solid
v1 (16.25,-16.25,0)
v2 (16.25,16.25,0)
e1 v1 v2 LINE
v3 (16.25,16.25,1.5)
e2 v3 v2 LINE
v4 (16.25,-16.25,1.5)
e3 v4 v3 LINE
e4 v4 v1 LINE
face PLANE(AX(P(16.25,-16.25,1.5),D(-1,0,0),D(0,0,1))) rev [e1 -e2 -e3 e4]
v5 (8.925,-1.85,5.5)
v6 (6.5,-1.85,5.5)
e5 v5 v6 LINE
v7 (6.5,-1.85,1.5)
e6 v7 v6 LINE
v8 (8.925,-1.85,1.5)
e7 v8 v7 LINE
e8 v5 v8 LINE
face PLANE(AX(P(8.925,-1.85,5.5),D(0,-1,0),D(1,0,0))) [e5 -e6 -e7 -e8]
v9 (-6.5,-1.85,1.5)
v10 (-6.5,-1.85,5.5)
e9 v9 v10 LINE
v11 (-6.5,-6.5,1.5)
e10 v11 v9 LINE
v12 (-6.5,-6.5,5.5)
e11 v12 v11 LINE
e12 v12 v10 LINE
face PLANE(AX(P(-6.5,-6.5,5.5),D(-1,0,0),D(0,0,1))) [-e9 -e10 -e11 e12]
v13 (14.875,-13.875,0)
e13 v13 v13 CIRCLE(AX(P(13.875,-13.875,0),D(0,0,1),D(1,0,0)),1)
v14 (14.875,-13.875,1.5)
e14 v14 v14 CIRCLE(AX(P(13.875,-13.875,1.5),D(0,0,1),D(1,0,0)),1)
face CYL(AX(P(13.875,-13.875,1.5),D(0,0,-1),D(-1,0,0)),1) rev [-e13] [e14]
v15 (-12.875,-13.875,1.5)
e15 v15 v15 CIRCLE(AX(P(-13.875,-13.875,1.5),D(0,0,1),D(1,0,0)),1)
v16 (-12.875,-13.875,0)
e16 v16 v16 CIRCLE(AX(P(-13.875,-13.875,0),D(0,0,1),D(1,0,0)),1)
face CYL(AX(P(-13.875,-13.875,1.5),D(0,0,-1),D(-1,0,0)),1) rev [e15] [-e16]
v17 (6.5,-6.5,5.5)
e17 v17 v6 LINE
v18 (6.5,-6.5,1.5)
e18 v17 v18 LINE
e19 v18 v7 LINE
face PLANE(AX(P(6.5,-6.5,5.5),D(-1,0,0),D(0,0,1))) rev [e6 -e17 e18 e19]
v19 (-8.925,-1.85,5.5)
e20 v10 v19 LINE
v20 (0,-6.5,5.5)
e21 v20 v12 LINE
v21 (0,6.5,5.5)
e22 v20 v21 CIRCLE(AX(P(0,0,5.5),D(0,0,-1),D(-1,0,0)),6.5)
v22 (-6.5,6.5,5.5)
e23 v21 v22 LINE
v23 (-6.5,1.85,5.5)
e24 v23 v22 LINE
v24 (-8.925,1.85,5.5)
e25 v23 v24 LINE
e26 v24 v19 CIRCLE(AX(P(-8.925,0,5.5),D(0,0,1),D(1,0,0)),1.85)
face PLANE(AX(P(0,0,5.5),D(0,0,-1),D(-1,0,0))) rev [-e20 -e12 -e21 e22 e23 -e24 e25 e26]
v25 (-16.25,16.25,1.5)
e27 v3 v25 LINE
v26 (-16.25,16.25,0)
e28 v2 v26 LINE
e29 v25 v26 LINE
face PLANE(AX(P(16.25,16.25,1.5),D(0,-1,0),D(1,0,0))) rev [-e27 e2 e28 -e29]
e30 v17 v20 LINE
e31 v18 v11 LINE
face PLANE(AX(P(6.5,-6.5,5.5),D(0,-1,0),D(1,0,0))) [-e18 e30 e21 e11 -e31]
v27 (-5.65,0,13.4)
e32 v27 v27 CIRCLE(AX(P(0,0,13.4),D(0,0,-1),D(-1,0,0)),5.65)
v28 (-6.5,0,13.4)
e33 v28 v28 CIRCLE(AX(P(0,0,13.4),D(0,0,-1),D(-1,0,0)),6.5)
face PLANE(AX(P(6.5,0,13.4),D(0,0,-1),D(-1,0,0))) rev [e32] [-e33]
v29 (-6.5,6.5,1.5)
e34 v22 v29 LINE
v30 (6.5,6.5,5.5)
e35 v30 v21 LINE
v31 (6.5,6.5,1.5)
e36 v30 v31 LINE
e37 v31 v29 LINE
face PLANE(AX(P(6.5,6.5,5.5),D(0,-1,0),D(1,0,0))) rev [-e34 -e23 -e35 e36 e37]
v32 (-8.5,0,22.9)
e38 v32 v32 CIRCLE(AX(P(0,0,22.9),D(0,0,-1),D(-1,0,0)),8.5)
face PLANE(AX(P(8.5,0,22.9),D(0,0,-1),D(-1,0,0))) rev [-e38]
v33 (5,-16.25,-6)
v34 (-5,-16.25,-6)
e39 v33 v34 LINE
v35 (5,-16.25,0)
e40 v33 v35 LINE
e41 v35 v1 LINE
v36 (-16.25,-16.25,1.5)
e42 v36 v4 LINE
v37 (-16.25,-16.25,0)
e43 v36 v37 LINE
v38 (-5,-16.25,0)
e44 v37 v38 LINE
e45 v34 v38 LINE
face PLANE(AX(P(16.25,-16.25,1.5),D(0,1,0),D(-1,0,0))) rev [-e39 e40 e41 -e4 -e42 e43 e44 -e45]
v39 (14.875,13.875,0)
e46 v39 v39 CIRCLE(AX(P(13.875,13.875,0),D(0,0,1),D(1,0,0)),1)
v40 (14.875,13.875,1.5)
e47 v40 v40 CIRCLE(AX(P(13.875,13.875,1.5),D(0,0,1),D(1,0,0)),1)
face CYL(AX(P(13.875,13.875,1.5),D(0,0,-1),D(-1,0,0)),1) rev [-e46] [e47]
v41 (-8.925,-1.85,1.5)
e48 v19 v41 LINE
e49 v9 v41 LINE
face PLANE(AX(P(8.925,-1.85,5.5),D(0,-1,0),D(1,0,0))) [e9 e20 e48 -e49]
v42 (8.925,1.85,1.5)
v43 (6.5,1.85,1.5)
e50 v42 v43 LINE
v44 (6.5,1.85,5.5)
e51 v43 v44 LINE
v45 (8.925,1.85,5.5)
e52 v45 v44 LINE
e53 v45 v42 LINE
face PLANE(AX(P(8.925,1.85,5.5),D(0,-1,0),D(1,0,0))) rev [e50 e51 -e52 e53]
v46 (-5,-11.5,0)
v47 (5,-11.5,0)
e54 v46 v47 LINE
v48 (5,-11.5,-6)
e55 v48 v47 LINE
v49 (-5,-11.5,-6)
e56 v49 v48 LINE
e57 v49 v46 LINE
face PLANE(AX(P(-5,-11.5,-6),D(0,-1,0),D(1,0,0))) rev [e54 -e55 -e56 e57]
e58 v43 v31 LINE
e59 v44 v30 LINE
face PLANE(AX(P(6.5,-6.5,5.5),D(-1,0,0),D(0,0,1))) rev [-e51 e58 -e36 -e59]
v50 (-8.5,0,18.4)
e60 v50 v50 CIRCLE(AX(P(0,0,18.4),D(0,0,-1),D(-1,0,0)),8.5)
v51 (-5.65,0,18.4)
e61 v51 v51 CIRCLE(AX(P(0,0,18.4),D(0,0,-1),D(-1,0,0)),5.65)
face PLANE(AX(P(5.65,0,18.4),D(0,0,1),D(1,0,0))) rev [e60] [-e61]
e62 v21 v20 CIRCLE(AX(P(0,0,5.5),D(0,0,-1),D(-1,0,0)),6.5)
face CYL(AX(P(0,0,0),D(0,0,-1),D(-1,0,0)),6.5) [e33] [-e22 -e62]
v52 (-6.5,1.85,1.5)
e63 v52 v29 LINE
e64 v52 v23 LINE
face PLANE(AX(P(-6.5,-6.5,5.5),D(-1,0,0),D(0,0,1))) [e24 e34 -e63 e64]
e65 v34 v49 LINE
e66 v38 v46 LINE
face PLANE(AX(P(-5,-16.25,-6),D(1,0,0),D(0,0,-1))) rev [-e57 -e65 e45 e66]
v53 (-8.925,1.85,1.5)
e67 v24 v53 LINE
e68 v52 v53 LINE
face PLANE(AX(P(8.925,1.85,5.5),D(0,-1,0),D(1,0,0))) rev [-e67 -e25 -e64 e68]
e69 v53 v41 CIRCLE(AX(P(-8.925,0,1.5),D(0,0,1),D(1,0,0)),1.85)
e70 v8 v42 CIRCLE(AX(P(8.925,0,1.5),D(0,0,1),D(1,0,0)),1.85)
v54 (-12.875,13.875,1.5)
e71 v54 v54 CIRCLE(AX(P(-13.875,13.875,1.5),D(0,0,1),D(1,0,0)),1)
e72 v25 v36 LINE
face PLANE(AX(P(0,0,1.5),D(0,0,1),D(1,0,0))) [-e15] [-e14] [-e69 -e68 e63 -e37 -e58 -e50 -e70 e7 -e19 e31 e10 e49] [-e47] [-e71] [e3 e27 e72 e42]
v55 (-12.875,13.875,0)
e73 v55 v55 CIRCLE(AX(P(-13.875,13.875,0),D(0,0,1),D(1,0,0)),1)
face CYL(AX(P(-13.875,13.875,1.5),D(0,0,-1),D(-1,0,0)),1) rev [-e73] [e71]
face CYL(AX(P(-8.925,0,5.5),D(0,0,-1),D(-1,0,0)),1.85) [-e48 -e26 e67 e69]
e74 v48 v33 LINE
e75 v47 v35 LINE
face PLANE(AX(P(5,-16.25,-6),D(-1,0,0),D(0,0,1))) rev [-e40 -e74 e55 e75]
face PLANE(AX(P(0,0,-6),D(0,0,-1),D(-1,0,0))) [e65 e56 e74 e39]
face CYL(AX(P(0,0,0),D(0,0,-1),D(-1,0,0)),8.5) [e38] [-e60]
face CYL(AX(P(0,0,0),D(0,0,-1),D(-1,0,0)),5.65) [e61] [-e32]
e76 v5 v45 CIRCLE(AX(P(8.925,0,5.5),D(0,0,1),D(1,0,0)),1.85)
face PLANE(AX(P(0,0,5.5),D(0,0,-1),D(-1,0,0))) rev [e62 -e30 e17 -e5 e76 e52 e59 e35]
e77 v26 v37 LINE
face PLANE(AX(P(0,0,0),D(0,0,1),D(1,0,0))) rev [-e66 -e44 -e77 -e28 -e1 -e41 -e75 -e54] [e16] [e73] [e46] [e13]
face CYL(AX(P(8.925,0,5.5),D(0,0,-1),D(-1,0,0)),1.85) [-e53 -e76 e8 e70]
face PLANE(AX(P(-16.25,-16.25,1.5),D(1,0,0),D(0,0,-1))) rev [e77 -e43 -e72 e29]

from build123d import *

# Parameters (mm, degrees)
SKETCH2_W           = 32.5
SKETCH2_H           = 32.5
SKETCH2_R           = 1
BOSS_EXTRUDE1_DEPTH = 1.5
SKETCH4_W           = 13
SKETCH4_H           = 13
BOSS_EXTRUDE2_DEPTH = 4
SKETCH6_W           = 10
SKETCH6_H           = 4.75
BOSS_EXTRUDE3_DEPTH = 6


with BuildPart() as part:
    # Sketch2 → Boss-Extrude1 (new body)
    with BuildSketch(Plane.XY):
        Rectangle(SKETCH2_W, SKETCH2_H)
        with Locations((13.875, 13.875)):
            Circle(SKETCH2_R, mode=Mode.SUBTRACT)
        with Locations((13.875, -13.875)):
            Circle(SKETCH2_R, mode=Mode.SUBTRACT)
        with Locations((-13.875, -13.875)):
            Circle(SKETCH2_R, mode=Mode.SUBTRACT)
        with Locations((-13.875, 13.875)):
            Circle(SKETCH2_R, mode=Mode.SUBTRACT)
    extrude(amount=BOSS_EXTRUDE1_DEPTH)

    # Sketch4 → Boss-Extrude2 (add)
    with BuildSketch(Plane.XY.offset(1.5)):
        Rectangle(SKETCH4_W, SKETCH4_H)
        with BuildLine():
            Line((8.925, -1.85), (-8.925, -1.85))
            ThreePointArc((-8.925, -1.85), (-10.775, 0), (-8.925, 1.85))
            Line((-8.925, 1.85), (8.925, 1.85))
            ThreePointArc((8.925, 1.85), (10.775, 0), (8.925, -1.85))
        make_face()
    extrude(amount=BOSS_EXTRUDE2_DEPTH)

    # Sketch5 → Revolve1 (revolve)
    with BuildSketch(Plane(origin=(0, 0, 0), x_dir=(1, 0, 0), z_dir=(0, 1, 0)), mode=Mode.PRIVATE) as revolve1_sk:
        Polygon((0, -5.5), (6.5, -5.5), (6.5, -13.4), (5.65, -13.4), (5.65, -18.4), (8.5, -18.4), (8.5, -22.9), (0, -22.9), align=None)
    revolve(revolve1_sk.sketch.rotate(Axis((0, 0, 0), (0, 0, 1)), 180), axis=Axis((0, 0, 0), (0, 0, 1)))

    # Sketch6 → Boss-Extrude3 (add)
    with BuildSketch(Plane(origin=(0, 0, 0), x_dir=(-1, 0, 0), z_dir=(0, 0, -1))):
        with Locations((0, -13.875)):
            Rectangle(SKETCH6_W, SKETCH6_H)
    extrude(amount=BOSS_EXTRUDE3_DEPTH)


solid = part.part
